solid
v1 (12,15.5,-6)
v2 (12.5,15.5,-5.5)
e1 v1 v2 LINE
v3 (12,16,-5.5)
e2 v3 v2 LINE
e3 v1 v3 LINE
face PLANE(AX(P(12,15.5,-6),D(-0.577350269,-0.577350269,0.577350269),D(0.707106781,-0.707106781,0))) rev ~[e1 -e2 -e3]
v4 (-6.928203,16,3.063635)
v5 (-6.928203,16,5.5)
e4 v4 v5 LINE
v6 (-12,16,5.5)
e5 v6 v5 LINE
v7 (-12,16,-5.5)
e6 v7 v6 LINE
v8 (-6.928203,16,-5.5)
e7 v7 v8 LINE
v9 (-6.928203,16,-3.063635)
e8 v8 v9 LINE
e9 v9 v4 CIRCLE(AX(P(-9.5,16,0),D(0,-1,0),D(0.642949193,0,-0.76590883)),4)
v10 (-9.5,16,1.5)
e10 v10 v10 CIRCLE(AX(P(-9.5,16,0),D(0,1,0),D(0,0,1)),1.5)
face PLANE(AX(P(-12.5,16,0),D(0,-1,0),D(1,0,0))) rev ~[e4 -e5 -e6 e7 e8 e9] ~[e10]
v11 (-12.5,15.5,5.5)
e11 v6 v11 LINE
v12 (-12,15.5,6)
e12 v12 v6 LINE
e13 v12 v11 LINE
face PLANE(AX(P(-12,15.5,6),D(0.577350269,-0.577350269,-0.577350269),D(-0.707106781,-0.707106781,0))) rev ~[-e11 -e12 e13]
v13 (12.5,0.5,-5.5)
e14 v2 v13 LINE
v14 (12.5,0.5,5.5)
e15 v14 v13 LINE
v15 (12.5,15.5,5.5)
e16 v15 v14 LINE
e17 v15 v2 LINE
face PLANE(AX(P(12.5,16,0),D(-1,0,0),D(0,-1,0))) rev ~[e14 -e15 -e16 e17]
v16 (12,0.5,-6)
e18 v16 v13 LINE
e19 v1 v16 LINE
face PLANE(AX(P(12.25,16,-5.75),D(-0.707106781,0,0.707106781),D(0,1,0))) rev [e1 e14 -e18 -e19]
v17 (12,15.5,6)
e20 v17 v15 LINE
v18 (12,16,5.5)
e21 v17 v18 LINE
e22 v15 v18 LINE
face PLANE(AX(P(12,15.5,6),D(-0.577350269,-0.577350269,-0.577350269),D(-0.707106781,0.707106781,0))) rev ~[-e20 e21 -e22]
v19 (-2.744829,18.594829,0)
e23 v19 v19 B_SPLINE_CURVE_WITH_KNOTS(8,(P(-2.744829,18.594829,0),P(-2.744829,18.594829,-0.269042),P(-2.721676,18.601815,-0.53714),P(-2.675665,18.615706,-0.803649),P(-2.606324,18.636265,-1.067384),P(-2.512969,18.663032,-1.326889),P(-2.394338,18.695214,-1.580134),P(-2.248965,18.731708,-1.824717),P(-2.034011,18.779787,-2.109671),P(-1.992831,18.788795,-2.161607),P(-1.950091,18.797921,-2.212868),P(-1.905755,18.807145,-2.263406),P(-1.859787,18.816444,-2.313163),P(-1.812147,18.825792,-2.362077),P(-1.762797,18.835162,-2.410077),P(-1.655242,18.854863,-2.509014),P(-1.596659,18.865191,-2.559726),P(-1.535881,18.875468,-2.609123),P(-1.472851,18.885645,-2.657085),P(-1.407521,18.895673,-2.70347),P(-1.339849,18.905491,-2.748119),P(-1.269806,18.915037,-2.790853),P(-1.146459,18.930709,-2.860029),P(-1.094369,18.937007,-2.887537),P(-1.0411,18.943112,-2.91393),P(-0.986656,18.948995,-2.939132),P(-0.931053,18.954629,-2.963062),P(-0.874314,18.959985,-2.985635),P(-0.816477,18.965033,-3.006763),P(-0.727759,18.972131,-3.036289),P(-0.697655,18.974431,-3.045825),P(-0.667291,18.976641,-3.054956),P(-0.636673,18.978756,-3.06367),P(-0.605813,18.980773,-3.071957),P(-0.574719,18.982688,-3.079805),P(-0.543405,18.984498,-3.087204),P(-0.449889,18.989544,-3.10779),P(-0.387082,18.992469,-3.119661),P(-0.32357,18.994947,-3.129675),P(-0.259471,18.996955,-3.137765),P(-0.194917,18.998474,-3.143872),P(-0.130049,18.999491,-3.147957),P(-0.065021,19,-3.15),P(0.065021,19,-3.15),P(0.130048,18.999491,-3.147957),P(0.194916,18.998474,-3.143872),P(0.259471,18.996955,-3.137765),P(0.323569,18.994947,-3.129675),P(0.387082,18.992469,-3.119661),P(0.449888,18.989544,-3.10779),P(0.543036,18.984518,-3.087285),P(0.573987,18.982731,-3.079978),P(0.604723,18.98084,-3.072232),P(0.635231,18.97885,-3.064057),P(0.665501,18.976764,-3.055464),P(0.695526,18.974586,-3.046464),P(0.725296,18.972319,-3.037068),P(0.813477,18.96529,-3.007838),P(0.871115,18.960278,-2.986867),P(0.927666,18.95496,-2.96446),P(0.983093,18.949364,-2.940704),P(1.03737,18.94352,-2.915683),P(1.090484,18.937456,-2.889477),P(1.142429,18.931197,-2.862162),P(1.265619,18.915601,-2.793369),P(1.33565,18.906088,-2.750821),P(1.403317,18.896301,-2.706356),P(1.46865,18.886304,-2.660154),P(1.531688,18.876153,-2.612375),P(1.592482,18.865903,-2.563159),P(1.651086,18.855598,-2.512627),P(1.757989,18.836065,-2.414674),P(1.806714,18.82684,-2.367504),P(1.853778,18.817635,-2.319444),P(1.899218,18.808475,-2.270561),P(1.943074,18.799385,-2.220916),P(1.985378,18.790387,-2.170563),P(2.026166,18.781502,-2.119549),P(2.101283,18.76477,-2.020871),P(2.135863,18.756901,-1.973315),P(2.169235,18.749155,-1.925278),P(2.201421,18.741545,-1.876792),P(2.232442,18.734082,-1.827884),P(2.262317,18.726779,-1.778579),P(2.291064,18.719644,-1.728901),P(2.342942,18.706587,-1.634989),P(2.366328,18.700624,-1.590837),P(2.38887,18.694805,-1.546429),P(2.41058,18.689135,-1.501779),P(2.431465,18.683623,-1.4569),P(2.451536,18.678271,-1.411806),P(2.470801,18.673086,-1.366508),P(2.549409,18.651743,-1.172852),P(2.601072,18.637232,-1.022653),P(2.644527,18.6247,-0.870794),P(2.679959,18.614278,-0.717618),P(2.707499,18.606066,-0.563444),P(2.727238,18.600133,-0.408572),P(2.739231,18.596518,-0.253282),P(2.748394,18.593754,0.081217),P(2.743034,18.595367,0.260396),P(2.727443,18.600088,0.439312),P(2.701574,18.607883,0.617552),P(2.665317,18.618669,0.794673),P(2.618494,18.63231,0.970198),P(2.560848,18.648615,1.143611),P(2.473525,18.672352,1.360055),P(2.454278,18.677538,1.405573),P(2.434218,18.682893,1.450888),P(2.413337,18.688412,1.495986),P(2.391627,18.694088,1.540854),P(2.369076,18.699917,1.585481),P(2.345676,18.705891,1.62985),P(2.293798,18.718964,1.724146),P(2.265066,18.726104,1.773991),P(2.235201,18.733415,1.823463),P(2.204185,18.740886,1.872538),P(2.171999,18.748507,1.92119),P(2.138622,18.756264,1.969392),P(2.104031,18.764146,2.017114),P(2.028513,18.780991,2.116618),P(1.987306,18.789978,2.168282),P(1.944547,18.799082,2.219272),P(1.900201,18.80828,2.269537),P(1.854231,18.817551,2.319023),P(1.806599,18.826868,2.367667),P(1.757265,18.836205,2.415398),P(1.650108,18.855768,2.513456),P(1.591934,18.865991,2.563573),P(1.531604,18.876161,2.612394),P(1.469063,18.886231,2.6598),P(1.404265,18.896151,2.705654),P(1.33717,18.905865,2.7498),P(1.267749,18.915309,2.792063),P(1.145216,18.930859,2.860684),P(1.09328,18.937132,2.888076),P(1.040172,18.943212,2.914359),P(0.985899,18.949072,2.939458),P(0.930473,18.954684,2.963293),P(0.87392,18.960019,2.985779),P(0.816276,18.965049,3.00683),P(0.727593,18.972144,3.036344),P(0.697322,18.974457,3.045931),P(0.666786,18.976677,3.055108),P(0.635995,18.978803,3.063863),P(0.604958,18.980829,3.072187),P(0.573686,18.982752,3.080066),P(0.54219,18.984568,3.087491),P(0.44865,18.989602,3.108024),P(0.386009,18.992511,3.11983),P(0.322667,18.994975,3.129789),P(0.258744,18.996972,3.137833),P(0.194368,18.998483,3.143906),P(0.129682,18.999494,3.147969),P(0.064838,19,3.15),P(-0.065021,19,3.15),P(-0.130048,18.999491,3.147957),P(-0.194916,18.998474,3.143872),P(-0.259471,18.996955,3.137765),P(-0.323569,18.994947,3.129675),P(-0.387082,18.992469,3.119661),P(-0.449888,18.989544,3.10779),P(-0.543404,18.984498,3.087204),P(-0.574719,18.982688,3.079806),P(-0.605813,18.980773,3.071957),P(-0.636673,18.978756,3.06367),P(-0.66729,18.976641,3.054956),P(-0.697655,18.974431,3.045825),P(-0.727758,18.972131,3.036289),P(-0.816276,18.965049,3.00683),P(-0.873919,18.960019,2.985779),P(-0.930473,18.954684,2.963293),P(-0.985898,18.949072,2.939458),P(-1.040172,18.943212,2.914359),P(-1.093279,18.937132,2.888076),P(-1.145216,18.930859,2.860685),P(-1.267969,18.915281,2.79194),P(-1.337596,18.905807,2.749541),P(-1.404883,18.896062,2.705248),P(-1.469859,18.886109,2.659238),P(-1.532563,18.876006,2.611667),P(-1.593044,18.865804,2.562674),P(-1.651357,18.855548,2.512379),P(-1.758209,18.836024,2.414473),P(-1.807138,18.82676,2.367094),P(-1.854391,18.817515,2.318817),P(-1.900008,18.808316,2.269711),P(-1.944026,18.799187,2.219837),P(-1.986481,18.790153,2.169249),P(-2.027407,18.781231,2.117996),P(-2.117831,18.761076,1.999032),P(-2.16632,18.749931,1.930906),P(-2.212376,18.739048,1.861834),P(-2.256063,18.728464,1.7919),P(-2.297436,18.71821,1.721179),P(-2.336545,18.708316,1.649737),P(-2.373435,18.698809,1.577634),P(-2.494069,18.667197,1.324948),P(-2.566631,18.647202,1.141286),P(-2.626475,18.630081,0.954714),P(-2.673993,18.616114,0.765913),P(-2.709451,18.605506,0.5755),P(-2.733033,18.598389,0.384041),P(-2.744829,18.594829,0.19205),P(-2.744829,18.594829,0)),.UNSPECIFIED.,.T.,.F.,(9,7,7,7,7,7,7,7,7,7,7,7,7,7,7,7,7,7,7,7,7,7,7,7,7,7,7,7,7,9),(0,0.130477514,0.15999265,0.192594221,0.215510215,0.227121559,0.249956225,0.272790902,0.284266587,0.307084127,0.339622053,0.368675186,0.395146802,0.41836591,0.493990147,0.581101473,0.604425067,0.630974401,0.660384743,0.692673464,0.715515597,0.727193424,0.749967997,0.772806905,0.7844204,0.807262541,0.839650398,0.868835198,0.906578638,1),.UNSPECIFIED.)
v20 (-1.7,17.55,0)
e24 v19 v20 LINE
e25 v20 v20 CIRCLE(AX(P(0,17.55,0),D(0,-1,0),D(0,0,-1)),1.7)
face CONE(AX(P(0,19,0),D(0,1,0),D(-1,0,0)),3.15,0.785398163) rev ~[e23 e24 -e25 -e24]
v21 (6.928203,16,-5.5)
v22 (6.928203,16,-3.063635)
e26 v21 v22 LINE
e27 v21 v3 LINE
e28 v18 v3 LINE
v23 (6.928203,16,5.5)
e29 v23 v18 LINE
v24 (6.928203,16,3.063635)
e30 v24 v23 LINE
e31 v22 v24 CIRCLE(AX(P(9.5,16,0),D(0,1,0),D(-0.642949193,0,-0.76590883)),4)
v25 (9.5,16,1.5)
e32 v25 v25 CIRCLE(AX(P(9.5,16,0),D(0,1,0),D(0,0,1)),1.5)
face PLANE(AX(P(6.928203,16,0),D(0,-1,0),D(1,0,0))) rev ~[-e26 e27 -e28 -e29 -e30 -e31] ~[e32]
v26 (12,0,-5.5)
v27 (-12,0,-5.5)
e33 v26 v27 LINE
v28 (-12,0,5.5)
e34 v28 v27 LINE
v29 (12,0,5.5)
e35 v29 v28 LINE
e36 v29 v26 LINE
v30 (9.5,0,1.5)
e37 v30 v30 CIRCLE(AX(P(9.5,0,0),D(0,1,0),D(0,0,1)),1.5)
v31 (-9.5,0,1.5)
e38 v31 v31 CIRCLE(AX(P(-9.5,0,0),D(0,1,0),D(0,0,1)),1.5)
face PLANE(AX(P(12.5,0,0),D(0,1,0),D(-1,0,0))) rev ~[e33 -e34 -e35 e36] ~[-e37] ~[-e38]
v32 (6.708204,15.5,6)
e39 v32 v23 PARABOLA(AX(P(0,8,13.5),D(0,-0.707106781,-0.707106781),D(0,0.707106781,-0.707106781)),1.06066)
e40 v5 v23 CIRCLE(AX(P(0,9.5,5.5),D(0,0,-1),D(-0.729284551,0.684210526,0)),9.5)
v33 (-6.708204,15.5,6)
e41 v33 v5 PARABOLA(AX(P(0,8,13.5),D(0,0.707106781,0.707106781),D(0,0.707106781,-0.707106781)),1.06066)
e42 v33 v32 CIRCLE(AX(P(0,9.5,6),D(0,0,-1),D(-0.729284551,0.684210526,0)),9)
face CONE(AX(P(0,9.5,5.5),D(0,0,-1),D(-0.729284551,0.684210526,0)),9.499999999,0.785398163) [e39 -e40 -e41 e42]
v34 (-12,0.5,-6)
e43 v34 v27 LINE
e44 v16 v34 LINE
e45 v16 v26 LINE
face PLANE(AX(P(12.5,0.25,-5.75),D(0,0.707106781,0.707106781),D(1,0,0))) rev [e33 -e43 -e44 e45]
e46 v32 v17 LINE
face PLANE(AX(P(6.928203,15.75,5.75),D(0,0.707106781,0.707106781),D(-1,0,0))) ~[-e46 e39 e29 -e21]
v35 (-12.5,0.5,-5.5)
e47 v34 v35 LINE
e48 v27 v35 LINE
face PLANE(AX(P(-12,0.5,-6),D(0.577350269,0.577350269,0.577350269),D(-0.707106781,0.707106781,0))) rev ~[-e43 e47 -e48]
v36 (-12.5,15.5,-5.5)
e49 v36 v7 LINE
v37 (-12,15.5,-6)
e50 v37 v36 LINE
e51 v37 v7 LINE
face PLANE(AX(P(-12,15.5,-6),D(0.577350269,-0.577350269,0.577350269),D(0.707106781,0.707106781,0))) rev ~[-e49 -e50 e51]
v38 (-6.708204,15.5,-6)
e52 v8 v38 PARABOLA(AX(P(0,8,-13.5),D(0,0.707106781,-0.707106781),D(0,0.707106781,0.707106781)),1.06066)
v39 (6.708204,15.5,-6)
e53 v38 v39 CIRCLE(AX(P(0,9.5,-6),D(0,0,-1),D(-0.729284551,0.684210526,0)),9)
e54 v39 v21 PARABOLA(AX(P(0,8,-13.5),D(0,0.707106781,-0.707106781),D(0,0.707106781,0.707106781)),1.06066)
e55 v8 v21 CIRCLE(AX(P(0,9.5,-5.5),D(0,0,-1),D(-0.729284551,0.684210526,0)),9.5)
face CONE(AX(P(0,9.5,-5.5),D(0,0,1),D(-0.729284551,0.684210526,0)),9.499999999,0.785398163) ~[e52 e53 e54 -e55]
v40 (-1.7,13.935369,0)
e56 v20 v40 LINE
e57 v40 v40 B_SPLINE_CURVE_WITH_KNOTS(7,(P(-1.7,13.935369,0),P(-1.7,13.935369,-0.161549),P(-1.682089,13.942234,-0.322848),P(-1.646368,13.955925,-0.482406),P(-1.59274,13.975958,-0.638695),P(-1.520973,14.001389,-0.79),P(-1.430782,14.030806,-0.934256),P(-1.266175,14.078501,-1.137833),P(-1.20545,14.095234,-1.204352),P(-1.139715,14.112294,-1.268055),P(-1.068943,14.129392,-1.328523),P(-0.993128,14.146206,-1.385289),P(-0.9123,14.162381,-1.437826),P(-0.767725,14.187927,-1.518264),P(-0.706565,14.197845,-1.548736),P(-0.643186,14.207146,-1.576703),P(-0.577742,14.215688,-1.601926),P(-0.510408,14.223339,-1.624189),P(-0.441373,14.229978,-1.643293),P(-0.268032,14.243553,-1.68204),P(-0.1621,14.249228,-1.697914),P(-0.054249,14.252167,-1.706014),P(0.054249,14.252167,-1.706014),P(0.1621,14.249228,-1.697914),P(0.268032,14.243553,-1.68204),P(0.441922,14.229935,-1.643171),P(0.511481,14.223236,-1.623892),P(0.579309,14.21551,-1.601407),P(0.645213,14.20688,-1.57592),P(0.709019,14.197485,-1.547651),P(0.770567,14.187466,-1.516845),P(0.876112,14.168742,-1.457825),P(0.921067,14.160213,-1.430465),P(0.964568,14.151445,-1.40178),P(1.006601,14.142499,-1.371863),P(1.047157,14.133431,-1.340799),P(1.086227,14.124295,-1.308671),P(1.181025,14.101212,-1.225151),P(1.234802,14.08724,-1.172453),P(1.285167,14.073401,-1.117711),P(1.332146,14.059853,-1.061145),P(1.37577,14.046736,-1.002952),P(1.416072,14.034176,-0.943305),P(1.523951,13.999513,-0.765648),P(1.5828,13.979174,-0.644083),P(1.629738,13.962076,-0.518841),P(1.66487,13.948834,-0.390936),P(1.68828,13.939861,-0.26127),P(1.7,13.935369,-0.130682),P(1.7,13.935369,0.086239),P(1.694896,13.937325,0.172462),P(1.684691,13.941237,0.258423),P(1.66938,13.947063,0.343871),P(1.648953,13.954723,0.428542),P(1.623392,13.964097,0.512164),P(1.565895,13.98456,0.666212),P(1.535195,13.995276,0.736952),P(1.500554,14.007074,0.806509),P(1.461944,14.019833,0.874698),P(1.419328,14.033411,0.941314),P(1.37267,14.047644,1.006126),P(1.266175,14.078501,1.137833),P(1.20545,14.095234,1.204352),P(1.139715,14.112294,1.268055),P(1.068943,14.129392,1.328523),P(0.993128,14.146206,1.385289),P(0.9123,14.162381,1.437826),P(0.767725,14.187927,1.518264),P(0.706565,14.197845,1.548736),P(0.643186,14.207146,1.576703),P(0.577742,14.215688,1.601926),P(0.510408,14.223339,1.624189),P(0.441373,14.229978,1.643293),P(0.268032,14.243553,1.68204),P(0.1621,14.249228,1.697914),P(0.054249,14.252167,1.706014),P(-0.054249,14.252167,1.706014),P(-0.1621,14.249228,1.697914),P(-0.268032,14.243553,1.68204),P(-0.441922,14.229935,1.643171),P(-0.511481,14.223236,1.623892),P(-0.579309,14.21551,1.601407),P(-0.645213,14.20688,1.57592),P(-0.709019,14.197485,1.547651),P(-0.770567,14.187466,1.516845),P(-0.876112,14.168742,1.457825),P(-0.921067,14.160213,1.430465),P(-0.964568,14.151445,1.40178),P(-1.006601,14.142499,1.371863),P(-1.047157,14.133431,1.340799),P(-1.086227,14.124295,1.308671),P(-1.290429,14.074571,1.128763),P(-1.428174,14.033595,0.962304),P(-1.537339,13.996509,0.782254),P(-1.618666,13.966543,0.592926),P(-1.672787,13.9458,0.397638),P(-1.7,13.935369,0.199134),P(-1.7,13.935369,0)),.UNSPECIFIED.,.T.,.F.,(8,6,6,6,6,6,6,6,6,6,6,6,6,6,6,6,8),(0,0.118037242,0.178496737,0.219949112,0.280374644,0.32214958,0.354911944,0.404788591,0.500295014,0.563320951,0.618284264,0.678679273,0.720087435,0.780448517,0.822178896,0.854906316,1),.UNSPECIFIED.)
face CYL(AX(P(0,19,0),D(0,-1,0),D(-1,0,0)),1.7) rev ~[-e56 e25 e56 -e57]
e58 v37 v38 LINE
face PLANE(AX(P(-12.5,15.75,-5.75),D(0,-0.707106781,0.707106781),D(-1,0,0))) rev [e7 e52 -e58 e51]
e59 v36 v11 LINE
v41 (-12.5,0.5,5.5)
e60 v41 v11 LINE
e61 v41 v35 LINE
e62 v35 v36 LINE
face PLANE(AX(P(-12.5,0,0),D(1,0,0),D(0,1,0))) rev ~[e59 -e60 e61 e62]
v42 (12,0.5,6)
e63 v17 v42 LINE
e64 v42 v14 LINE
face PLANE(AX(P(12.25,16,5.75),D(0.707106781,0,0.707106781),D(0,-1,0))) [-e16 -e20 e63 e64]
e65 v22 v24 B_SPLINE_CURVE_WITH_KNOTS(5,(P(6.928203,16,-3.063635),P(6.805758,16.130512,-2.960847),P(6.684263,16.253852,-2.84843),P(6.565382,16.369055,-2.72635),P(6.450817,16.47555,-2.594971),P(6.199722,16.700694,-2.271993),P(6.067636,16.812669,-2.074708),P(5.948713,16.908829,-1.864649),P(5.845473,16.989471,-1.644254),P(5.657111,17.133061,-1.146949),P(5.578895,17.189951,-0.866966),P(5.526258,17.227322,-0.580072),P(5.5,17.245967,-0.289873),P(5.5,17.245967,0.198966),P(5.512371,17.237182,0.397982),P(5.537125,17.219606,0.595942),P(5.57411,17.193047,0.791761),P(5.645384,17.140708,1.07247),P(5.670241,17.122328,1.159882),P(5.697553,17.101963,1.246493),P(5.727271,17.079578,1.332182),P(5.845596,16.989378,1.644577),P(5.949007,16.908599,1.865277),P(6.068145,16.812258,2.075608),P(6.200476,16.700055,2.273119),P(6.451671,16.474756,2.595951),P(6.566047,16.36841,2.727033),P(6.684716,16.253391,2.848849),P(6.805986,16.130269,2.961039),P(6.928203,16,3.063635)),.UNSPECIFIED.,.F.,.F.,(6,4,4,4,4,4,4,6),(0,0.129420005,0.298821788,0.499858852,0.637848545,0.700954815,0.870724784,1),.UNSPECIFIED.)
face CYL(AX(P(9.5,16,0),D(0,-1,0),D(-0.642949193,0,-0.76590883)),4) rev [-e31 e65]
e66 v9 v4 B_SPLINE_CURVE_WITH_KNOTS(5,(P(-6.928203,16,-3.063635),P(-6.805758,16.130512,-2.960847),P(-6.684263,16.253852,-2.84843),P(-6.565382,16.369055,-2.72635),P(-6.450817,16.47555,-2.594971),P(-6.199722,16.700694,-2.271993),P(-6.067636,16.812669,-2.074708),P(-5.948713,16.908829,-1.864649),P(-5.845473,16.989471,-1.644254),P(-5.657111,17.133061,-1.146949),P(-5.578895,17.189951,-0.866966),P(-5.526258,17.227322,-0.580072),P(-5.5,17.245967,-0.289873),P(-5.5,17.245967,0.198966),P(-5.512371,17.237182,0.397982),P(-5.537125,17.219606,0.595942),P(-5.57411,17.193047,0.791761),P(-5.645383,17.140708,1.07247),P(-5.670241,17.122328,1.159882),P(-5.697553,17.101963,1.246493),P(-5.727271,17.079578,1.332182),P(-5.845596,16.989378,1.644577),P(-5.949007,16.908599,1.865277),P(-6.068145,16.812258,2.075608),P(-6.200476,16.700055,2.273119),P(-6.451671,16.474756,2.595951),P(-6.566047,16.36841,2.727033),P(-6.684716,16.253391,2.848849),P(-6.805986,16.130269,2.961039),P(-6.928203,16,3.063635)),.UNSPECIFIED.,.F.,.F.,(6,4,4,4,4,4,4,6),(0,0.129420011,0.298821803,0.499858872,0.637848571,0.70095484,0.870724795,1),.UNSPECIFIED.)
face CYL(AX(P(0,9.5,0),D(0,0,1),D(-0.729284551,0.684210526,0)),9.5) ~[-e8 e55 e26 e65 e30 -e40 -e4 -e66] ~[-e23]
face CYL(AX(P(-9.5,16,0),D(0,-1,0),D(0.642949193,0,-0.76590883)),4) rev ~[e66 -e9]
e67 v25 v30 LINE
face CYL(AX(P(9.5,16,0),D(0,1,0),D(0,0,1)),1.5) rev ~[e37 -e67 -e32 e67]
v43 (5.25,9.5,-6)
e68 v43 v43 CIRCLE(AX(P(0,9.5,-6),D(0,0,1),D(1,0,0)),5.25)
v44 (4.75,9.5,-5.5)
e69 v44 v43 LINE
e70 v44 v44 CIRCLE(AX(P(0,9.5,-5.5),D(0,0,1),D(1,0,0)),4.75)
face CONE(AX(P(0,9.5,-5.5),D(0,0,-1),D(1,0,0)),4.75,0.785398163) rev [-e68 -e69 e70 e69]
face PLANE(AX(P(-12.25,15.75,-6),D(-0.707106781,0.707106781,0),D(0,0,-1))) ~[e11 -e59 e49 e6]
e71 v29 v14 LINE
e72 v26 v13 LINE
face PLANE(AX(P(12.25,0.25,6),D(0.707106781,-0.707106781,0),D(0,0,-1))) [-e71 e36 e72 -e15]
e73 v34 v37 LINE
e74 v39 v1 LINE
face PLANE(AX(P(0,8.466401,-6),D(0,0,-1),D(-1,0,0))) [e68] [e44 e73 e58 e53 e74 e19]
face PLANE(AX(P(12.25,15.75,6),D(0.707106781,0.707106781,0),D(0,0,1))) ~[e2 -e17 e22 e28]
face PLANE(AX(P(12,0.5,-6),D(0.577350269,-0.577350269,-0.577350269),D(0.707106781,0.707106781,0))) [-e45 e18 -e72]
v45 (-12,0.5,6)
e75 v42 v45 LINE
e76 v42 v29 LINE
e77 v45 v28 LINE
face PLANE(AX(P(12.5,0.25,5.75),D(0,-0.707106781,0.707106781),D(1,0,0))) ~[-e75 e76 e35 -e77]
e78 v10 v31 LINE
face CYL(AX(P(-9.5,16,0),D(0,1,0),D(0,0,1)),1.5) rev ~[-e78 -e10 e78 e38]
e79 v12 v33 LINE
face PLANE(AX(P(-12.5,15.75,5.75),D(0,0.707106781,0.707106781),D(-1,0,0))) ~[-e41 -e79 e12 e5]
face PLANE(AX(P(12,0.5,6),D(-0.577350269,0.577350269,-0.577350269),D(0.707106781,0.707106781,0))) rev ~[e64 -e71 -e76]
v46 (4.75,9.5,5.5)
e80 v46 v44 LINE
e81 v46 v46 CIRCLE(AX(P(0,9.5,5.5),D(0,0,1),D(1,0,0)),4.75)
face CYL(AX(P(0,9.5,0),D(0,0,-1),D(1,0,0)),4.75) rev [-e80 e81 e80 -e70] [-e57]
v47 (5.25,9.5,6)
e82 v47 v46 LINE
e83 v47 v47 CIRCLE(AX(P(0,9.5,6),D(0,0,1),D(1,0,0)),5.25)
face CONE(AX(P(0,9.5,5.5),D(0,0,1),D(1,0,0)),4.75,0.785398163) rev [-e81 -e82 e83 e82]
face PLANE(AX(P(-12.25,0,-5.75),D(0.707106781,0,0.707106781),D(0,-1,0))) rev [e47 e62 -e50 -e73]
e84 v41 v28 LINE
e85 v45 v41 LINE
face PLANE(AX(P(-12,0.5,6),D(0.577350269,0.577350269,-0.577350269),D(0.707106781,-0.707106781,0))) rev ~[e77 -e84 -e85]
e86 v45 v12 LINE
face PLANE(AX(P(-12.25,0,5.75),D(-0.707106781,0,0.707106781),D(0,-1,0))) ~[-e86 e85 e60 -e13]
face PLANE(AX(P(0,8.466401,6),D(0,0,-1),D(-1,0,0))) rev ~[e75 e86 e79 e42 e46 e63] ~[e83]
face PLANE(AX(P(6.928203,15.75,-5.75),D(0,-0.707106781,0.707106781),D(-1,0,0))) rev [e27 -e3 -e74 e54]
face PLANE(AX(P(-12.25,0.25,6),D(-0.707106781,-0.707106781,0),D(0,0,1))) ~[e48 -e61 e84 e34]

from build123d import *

# Parameters (mm, degrees)
SKETCH1_R                                       = 4.75
BOSS_EXTRUDE1_DEPTH                             = 6
CUT_EXTRUDE1_REACH                              = 23.172
SKETCH2_R                                       = 1.5
CUT_EXTRUDE2_DEPTH                              = 3
CSK_FOR_M3_FLAT_HEAD_MACHINE_SCREW1_D           = 3.4
CSK_FOR_M3_FLAT_HEAD_MACHINE_SCREW1_DEPTH       = 9
CSK_FOR_M3_FLAT_HEAD_MACHINE_SCREW1_CSINK_D     = 6.3
CSK_FOR_M3_FLAT_HEAD_MACHINE_SCREW1_CSINK_ANGLE = 90
CSK_FOR_M3_FLAT_HEAD_MACHINE_SCREW1_TIP         = 1.021463052
CHAMFER1_SIZE                                   = 0.5


with BuildPart() as part:
    # Sketch1 → Boss-Extrude1 (new, symmetric)
    with BuildSketch(Plane.XY):
        with BuildLine():
            Line((6.92820323, 16), (12.5, 16))
            Line((12.5, 16), (12.5, 0))
            Line((12.5, 0), (-12.5, 0))
            Line((-12.5, 0), (-12.5, 16))
            Line((-12.5, 16), (-6.92820323, 16))
            ThreePointArc((-6.92820323, 16), (0, 19), (6.92820323, 16))
        make_face()
        with Locations((0, 9.5)):
            Circle(SKETCH1_R, mode=Mode.SUBTRACT)
    extrude(amount=BOSS_EXTRUDE1_DEPTH, both=True)

    # Sketch2 → Cut-Extrude1 (cut, up to next)
    with BuildSketch(Plane(origin=(0, 16, 0), x_dir=(1, 0, 0), z_dir=(0, 1, 0)), mode=Mode.PRIVATE) as cut_extrude1_sk1:
        with Locations(Location((-9.5, 0, 0), (0, 0, 270))):
            Circle(SKETCH2_R)
    cut_extrude1_tool1 = extrude(cut_extrude1_sk1.sketch, amount=-CUT_EXTRUDE1_REACH, mode=Mode.PRIVATE) & part.part
    # Sketch2 → Cut-Extrude1 (cut, up to next)
    with BuildSketch(Plane(origin=(0, 16, 0), x_dir=(1, 0, 0), z_dir=(0, 1, 0)), mode=Mode.PRIVATE) as cut_extrude1_sk2:
        with Locations(Location((9.5, 0, 0), (0, 0, 270))):
            Circle(SKETCH2_R)
    cut_extrude1_tool2 = extrude(cut_extrude1_sk2.sketch, amount=-CUT_EXTRUDE1_REACH, mode=Mode.PRIVATE) & part.part
    add(cut_extrude1_tool1.solids().sort_by_distance((-9.5, 16, 0))[0], mode=Mode.SUBTRACT)
    add(cut_extrude1_tool2.solids().sort_by_distance((9.5, 16, 0))[0], mode=Mode.SUBTRACT)

    # Sketch3 → Cut-Extrude2 (cut)
    with BuildSketch(Plane(origin=(0, 16, 0), x_dir=(1, 0, 0), z_dir=(0, 1, 0))):
        with BuildLine():
            Line((6.92820323, -3.06363532), (6.92820323, 3.06363532))
            ThreePointArc((6.92820323, 3.06363532), (5.5, 0), (6.92820323, -3.06363532))
        make_face()
        with BuildLine():
            Line((-6.92820323, -3.06363532), (-6.92820323, 3.06363532))
            ThreePointArc((-6.92820323, 3.06363532), (-5.5, 0), (-6.92820323, -3.06363532))
        make_face()
    extrude(amount=CUT_EXTRUDE2_DEPTH, mode=Mode.SUBTRACT)

    # CSK for M3 Flat Head Machine Screw1
    with Locations(Plane(origin=(0, 19, 0), x_dir=(1, 0, 0), z_dir=(0, 1, 0))):
        with Locations((0, 0)):
            CounterSinkHole(CSK_FOR_M3_FLAT_HEAD_MACHINE_SCREW1_D / 2, CSK_FOR_M3_FLAT_HEAD_MACHINE_SCREW1_CSINK_D / 2, depth=CSK_FOR_M3_FLAT_HEAD_MACHINE_SCREW1_DEPTH, counter_sink_angle=CSK_FOR_M3_FLAT_HEAD_MACHINE_SCREW1_CSINK_ANGLE)
            with Locations((0, 0, -(CSK_FOR_M3_FLAT_HEAD_MACHINE_SCREW1_DEPTH + CSK_FOR_M3_FLAT_HEAD_MACHINE_SCREW1_TIP / 2))):  # 118° drill point
                Cone(0, CSK_FOR_M3_FLAT_HEAD_MACHINE_SCREW1_D / 2, CSK_FOR_M3_FLAT_HEAD_MACHINE_SCREW1_TIP, mode=Mode.SUBTRACT)

    # Chamfer1
    chamfer1_edges = [part.edges().sort_by_distance(p)[0] for p in [
        (12.5, 0, 0),
        (-12.5, 0, 0),
        (-12.5, 16, 0),
        (12.5, 16, 0),
        (0, 19, 6),
        (-9.714101615, 16, 6),
        (-4.75, 9.5, -6),
        (-4.75, 9.5, 6),
        (-12.5, 8, 6),
        (0, 0, 6),
        (12.5, 8, 6),
        (0, 0, -6),
        (-12.5, 8, -6),
        (-9.714101615, 16, -6),
        (0, 19, -6),
        (9.714101615, 16, -6),
        (12.5, 8, -6),
        (9.714101615, 16, 6),
    ]]
    chamfer(chamfer1_edges, length=CHAMFER1_SIZE)


solid = part.part
